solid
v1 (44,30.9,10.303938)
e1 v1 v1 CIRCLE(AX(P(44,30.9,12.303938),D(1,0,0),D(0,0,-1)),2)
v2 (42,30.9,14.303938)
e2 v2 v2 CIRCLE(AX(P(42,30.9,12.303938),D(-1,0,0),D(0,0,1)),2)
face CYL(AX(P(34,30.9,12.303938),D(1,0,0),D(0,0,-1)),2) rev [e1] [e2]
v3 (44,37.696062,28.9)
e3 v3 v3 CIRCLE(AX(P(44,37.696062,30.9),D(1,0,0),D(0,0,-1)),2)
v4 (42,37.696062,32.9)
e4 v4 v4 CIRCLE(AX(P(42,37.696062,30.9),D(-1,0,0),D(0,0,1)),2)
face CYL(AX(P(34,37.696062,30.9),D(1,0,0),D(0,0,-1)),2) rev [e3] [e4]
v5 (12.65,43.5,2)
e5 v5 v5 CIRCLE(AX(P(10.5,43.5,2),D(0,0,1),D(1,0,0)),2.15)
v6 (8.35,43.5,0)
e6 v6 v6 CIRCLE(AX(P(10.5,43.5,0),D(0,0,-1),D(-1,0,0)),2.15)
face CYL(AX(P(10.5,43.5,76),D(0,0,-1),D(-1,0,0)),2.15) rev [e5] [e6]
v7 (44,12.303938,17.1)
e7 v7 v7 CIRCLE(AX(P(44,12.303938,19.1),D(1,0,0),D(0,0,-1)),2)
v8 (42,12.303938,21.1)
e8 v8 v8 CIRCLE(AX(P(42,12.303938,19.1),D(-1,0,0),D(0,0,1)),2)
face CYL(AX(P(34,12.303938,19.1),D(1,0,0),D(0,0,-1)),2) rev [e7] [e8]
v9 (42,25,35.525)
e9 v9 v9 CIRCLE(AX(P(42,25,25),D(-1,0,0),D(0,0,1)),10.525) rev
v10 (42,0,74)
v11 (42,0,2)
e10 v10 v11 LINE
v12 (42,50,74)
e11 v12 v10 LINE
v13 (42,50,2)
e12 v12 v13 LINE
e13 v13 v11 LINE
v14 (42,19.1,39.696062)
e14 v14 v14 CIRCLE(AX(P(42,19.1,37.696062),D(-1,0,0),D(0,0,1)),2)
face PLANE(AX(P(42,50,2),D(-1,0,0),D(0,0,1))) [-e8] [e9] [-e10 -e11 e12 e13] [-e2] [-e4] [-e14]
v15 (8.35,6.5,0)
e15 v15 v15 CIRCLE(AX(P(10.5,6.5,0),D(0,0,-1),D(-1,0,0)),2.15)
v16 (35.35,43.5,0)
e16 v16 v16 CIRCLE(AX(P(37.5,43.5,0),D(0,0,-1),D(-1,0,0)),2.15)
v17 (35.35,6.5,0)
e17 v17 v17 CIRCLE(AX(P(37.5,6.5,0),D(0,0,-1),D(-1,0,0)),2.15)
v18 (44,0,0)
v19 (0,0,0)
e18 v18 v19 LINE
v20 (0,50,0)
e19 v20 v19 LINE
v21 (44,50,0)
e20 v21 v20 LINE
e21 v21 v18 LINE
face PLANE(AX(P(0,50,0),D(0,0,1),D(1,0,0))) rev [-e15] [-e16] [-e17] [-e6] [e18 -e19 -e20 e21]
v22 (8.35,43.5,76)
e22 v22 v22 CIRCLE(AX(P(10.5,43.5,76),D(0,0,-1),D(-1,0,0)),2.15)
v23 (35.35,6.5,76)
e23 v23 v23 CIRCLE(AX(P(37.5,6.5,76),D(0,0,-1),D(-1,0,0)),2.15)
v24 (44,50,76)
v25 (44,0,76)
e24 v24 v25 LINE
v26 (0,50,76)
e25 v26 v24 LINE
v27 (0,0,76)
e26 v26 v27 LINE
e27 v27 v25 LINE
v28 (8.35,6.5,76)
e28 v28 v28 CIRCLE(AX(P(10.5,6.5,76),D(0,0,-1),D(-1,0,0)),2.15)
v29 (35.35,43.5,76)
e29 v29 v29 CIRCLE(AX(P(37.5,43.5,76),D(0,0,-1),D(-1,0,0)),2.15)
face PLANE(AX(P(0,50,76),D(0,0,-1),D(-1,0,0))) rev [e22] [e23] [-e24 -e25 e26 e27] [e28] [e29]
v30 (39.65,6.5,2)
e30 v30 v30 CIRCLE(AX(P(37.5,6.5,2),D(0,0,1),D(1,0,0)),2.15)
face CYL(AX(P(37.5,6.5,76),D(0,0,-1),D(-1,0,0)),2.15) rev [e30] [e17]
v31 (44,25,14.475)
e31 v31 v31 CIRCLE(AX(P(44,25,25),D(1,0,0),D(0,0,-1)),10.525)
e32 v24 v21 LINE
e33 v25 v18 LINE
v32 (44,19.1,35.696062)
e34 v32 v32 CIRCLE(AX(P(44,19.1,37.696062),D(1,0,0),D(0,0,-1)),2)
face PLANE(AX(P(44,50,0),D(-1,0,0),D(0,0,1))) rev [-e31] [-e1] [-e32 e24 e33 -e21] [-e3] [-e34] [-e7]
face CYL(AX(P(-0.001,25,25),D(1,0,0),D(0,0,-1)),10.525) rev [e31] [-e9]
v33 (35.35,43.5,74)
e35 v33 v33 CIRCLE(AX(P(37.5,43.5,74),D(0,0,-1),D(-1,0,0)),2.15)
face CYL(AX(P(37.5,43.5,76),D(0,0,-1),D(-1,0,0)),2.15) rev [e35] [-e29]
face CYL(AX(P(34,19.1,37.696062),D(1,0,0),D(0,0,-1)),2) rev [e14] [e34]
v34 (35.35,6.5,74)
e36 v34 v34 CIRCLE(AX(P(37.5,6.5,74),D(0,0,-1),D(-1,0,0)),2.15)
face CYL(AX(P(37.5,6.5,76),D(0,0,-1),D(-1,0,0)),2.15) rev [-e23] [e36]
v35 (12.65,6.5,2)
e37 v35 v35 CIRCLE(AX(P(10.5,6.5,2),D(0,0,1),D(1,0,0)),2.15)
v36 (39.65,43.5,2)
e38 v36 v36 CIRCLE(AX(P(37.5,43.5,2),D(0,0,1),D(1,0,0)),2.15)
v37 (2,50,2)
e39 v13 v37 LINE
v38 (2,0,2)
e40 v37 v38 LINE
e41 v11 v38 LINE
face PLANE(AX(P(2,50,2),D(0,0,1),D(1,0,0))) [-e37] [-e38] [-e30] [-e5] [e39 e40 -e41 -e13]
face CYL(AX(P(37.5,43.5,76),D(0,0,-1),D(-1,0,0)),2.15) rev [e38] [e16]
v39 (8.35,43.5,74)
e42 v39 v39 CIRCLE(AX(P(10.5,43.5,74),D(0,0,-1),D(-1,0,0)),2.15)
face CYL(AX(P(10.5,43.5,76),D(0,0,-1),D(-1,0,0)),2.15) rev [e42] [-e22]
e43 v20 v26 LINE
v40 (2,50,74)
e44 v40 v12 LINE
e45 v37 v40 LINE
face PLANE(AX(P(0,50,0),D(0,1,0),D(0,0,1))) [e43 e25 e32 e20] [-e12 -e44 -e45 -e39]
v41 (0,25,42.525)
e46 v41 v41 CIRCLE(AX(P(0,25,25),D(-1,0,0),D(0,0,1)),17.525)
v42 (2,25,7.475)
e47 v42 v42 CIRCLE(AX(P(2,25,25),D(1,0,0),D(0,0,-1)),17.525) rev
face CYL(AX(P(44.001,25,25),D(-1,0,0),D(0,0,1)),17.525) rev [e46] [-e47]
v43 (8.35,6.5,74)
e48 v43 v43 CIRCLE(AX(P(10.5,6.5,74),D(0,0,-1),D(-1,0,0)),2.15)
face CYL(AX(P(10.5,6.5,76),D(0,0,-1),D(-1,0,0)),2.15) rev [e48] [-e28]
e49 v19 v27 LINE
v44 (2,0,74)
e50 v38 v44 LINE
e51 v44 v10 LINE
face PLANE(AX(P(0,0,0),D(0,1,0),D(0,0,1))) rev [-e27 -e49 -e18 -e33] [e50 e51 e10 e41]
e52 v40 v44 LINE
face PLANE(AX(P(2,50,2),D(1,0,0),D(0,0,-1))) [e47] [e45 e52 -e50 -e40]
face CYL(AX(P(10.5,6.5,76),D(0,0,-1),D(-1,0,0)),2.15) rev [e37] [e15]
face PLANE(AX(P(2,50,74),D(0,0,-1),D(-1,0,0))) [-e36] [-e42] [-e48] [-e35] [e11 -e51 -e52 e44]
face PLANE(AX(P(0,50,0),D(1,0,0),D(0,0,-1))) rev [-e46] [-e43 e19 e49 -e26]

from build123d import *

# Parameters (mm, degrees)
SKETCH_1_W          = 44
SKETCH_1_H          = 76
SKETCH_1_W_2        = 40
SKETCH_1_H_2        = 72
EXTRUDE_1_DEPTH     = 50
SKETCH_2_R          = 2.15
CUT_EXTRUDE_1_DEPTH = 102.054440773
CUT_EXTRUDE_2_REACH = 103.054
SKETCH_3_R          = 17.525
CUT_EXTRUDE_3_REACH = 103.054
SKETCH_4_R          = 10.525
SKETCH_12_R         = 2
CUT_EXTRUDE_7_DEPTH = 10


with BuildPart() as part:
    # 草图1 → 凸台-拉伸1 (new body)
    with BuildSketch(Plane(origin=(0, 0, 0), x_dir=(1, 0, 0), z_dir=(0, 1, 0))):
        with Locations((22, -38)):
            Rectangle(SKETCH_1_W, SKETCH_1_H)
        with Locations((22, -38)):
            Rectangle(SKETCH_1_W_2, SKETCH_1_H_2, mode=Mode.SUBTRACT)
    extrude(amount=EXTRUDE_1_DEPTH)

    # 草图2 → 切除-拉伸1 (cut, through all)
    with BuildSketch(Plane(origin=(0, 0, 0), x_dir=(-1, 0, 0), z_dir=(0, 0, -1))):
        with Locations((-10.5, 6.5)):
            Circle(SKETCH_2_R)
        with Locations((-37.5, 6.5)):
            Circle(SKETCH_2_R)
        with Locations((-37.5, 43.5)):
            Circle(SKETCH_2_R)
        with Locations((-10.5, 43.5)):
            Circle(SKETCH_2_R)
    extrude(amount=-CUT_EXTRUDE_1_DEPTH, mode=Mode.SUBTRACT)

    # 草图3 → Cut-Extrude 2 (cut, up to next)
    with BuildSketch(Plane.ZY, mode=Mode.PRIVATE) as cut_extrude_2_sk1:
        with Locations((25, 25)):
            Circle(SKETCH_3_R)
    cut_extrude_2_tool1 = extrude(cut_extrude_2_sk1.sketch, amount=-CUT_EXTRUDE_2_REACH, mode=Mode.PRIVATE) & part.part
    add(cut_extrude_2_tool1.solids().sort_by_distance((0, 25, 25))[0], mode=Mode.SUBTRACT)

    # 草图4 → Cut-Extrude 3 (cut, up to next)
    with BuildSketch(Plane(origin=(44, 0, 0), x_dir=(0, 0, -1), z_dir=(1, 0, 0)), mode=Mode.PRIVATE) as cut_extrude_3_sk1:
        with Locations((-25, 25)):
            Circle(SKETCH_4_R)
    cut_extrude_3_tool1 = extrude(cut_extrude_3_sk1.sketch, amount=-CUT_EXTRUDE_3_REACH, mode=Mode.PRIVATE) & part.part
    add(cut_extrude_3_tool1.solids().sort_by_distance((44, 25, 25))[0], mode=Mode.SUBTRACT)

    # 草图12 → 电机7号 (cut)
    with BuildSketch(Plane(origin=(44, 0, 0), x_dir=(0, 0, -1), z_dir=(1, 0, 0))):
        with Locations((-12.303937618, 30.9)):
            Circle(SKETCH_12_R)
        with Locations((-19.1, 12.303937618)):
            Circle(SKETCH_12_R)
        with Locations((-37.696062382, 19.1)):
            Circle(SKETCH_12_R)
        with Locations((-30.9, 37.696062382)):
            Circle(SKETCH_12_R)
    extrude(amount=-CUT_EXTRUDE_7_DEPTH, mode=Mode.SUBTRACT)


solid = part.part
